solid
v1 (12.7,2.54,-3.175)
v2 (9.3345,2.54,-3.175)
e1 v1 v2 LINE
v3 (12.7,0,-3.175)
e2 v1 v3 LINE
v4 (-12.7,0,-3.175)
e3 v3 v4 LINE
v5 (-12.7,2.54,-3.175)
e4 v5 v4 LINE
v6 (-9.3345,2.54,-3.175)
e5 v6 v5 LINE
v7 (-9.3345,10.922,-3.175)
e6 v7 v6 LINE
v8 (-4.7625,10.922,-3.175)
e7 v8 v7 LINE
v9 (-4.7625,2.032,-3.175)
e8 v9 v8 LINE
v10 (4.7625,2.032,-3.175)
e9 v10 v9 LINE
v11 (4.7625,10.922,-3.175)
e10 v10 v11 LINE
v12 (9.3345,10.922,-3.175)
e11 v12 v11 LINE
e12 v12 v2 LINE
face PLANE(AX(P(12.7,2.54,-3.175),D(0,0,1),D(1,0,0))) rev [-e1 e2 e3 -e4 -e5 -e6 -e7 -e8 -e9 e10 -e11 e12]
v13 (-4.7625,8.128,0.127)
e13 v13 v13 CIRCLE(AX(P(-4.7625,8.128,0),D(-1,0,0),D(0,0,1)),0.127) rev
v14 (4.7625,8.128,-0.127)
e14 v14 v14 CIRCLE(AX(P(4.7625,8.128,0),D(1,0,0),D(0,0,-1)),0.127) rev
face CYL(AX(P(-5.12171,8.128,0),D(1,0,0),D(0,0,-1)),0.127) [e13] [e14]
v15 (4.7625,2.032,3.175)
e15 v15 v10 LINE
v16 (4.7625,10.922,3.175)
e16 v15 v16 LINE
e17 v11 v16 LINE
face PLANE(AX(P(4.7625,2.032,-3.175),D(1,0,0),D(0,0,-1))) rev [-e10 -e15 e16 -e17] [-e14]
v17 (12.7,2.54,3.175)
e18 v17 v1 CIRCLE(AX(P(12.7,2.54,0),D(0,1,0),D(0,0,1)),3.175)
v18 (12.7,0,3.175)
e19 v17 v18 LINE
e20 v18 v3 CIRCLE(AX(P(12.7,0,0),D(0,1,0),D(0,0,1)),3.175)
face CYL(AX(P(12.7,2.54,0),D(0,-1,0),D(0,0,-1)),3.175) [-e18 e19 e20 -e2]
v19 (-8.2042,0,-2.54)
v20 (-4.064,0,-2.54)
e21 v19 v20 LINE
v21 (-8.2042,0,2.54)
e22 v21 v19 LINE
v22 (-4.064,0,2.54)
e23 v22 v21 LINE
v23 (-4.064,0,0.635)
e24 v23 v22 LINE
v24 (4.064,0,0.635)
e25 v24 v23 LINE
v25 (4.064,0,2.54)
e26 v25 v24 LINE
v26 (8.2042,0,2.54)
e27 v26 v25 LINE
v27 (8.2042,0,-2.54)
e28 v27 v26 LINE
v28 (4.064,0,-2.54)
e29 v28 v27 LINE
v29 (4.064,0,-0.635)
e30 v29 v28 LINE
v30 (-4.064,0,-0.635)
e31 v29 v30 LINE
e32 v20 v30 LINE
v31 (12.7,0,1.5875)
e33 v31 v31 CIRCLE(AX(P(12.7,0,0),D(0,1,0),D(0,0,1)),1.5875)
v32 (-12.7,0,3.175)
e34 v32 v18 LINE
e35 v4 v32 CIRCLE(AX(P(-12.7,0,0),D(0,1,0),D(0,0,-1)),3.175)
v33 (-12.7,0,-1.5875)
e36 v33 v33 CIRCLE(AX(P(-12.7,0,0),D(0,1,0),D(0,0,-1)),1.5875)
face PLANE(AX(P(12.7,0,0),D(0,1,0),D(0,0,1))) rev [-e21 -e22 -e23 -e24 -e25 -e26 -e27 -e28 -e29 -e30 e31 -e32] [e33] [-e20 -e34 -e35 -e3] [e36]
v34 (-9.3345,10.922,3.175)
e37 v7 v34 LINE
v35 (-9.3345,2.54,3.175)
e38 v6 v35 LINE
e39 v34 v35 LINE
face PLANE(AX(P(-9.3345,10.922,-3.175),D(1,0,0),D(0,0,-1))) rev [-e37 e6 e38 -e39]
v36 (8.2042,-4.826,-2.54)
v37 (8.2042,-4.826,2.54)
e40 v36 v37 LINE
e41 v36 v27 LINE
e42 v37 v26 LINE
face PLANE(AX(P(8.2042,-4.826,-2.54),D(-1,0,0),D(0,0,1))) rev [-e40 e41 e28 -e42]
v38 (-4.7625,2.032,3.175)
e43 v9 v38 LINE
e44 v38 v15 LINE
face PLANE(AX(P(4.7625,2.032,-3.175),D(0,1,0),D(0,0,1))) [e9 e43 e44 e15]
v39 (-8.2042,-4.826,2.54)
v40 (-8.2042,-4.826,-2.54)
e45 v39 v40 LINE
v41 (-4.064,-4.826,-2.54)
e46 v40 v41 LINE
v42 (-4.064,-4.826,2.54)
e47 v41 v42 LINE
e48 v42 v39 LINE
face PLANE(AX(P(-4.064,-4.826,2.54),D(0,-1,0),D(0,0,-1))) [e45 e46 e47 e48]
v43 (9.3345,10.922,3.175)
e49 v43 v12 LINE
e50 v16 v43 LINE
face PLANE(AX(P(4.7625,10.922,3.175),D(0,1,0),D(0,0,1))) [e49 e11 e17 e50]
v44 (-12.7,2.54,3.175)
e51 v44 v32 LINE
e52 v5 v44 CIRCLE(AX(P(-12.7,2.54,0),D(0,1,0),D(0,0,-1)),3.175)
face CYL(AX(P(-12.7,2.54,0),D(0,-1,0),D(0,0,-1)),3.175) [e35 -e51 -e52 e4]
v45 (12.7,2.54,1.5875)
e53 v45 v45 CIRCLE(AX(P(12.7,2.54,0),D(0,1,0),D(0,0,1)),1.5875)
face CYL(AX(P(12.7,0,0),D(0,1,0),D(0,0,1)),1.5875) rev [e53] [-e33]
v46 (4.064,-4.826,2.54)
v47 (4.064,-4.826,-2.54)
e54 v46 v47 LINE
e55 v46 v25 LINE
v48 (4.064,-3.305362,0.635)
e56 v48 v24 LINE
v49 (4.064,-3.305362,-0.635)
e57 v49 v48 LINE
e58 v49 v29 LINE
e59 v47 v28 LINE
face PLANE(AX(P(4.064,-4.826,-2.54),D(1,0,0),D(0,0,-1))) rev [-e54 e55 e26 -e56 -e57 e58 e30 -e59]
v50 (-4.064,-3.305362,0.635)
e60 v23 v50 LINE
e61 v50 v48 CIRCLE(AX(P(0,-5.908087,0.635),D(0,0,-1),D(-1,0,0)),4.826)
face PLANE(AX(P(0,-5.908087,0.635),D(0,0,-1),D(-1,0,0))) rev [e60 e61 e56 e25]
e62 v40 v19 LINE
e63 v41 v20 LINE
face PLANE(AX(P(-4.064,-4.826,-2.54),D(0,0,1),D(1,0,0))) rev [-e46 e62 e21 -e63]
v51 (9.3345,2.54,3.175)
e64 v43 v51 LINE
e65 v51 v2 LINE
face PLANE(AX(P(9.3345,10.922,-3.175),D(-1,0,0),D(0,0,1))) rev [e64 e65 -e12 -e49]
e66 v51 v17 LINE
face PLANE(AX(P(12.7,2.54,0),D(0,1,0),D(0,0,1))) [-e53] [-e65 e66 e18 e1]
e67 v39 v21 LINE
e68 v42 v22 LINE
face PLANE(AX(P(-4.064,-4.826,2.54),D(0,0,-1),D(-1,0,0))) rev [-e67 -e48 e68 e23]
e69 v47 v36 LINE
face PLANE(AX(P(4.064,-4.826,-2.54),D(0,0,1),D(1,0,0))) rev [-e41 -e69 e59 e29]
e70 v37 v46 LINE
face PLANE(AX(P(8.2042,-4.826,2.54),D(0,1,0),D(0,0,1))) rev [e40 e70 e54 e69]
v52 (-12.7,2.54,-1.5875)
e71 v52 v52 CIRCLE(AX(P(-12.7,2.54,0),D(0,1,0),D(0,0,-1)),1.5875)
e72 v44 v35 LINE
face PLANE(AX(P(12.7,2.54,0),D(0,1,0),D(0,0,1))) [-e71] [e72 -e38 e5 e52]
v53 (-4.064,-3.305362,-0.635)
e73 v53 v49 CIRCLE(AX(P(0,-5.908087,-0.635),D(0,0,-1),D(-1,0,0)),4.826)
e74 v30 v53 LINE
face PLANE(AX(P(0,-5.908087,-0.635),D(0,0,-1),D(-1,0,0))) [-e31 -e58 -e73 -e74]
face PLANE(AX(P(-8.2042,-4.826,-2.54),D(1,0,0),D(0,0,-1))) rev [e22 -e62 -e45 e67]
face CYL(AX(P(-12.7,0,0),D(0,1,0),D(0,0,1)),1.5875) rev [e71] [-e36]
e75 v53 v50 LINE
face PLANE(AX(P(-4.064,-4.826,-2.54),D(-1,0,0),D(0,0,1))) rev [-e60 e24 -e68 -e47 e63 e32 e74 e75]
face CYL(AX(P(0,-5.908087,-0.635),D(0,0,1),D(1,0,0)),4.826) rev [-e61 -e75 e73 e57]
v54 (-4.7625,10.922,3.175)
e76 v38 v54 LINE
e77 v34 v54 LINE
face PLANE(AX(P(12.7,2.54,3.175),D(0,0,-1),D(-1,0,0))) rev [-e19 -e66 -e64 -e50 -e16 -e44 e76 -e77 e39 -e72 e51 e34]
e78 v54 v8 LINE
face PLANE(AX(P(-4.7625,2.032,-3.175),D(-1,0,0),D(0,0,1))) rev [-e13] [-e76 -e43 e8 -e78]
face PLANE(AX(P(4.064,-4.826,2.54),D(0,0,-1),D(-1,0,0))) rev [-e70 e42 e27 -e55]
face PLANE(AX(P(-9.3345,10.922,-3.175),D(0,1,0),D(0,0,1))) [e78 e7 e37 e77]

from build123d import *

# Parameters (mm, degrees)
BASE_EXTRUDE_DEPTH  = 2.54
SKETCH2_W           = 9.525
SKETCH2_H           = 6.35
CUT_EXTRUDE1_DEPTH  = 0.508
SKETCH3_W           = 4.572
SKETCH3_H           = 6.35
BOSS_EXTRUDE1_DEPTH = 8.382
SKETCH4_R           = 1.5875
CUT_EXTRUDE2_DEPTH  = 19.230583479
SKETCH5_W           = 4.1402
SKETCH5_H           = 5.08
BOSS_EXTRUDE2_DEPTH = 4.826
BOSS_EXTRUDE3_DEPTH = 0.635
SKETCH7_R           = 0.127
BOSS_EXTRUDE4_DEPTH = 9.525


with BuildPart() as part:
    # Sketch1 → Base-Extrude (new body)
    with BuildSketch(Plane(origin=(0, 0, 0), x_dir=(1, 0, 0), z_dir=(0, 1, 0))):
        with BuildLine():
            Line((12.7, 3.175), (-12.7, 3.175))
            ThreePointArc((-12.7, 3.175), (-15.875, 0), (-12.7, -3.175))
            Line((-12.7, -3.175), (12.7, -3.175))
            ThreePointArc((12.7, -3.175), (15.875, 0), (12.7, 3.175))
        make_face()
    extrude(amount=BASE_EXTRUDE_DEPTH)

    # Sketch2 → Cut-Extrude1 (cut)
    with BuildSketch(Plane(origin=(0, 2.54, 0), x_dir=(-1, 0, 0), z_dir=(0, 1, 0))):
        Rectangle(SKETCH2_W, SKETCH2_H)
    extrude(amount=-CUT_EXTRUDE1_DEPTH, mode=Mode.SUBTRACT)

    # Sketch3 → Boss-Extrude1 (add)
    with BuildSketch(Plane(origin=(0, 2.54, 0), x_dir=(-1, 0, 0), z_dir=(0, 1, 0))):
        with Locations((-7.0485, 0)):
            Rectangle(SKETCH3_W, SKETCH3_H)
        with Locations((7.0485, 0)):
            Rectangle(SKETCH3_W, SKETCH3_H)
    extrude(amount=BOSS_EXTRUDE1_DEPTH)

    # Sketch4 → Cut-Extrude2 (cut, through all)
    with BuildSketch(Plane(origin=(0, 2.54, 0), x_dir=(-1, 0, 0), z_dir=(0, 1, 0))):
        with Locations(Location((-12.7, 0, 0), (0, 0, 90))):
            Circle(SKETCH4_R)
        with Locations(Location((12.7, 0, 0), (0, 0, 270))):
            Circle(SKETCH4_R)
    extrude(amount=-CUT_EXTRUDE2_DEPTH, mode=Mode.SUBTRACT)

    # Sketch5 → Boss-Extrude2 (add)
    with BuildSketch(Plane.XZ):
        with Locations((6.1341, 0)):
            Rectangle(SKETCH5_W, SKETCH5_H)
        with Locations((-6.1341, 0)):
            Rectangle(SKETCH5_W, SKETCH5_H)
    extrude(amount=BOSS_EXTRUDE2_DEPTH)

    # Sketch6 → Boss-Extrude3 (add, symmetric)
    with BuildSketch(Plane.XY):
        with BuildLine():
            Line((-4.064, 0), (4.064, 0))
            Line((4.064, 0), (4.064, -3.305361967))
            ThreePointArc((4.064, -3.305361967), (0, -1.082087461), (-4.064, -3.305361967))
            Line((-4.064, -3.305361967), (-4.064, 0))
        make_face()
    extrude(amount=BOSS_EXTRUDE3_DEPTH, both=True)

    # Sketch7 → Boss-Extrude4 (add)
    with BuildSketch(Plane.ZY.offset(-4.7625)):
        with Locations(Location((0, 8.128, 0), (0, 0, 180))):
            Circle(SKETCH7_R)
    extrude(amount=BOSS_EXTRUDE4_DEPTH)


solid = part.part
